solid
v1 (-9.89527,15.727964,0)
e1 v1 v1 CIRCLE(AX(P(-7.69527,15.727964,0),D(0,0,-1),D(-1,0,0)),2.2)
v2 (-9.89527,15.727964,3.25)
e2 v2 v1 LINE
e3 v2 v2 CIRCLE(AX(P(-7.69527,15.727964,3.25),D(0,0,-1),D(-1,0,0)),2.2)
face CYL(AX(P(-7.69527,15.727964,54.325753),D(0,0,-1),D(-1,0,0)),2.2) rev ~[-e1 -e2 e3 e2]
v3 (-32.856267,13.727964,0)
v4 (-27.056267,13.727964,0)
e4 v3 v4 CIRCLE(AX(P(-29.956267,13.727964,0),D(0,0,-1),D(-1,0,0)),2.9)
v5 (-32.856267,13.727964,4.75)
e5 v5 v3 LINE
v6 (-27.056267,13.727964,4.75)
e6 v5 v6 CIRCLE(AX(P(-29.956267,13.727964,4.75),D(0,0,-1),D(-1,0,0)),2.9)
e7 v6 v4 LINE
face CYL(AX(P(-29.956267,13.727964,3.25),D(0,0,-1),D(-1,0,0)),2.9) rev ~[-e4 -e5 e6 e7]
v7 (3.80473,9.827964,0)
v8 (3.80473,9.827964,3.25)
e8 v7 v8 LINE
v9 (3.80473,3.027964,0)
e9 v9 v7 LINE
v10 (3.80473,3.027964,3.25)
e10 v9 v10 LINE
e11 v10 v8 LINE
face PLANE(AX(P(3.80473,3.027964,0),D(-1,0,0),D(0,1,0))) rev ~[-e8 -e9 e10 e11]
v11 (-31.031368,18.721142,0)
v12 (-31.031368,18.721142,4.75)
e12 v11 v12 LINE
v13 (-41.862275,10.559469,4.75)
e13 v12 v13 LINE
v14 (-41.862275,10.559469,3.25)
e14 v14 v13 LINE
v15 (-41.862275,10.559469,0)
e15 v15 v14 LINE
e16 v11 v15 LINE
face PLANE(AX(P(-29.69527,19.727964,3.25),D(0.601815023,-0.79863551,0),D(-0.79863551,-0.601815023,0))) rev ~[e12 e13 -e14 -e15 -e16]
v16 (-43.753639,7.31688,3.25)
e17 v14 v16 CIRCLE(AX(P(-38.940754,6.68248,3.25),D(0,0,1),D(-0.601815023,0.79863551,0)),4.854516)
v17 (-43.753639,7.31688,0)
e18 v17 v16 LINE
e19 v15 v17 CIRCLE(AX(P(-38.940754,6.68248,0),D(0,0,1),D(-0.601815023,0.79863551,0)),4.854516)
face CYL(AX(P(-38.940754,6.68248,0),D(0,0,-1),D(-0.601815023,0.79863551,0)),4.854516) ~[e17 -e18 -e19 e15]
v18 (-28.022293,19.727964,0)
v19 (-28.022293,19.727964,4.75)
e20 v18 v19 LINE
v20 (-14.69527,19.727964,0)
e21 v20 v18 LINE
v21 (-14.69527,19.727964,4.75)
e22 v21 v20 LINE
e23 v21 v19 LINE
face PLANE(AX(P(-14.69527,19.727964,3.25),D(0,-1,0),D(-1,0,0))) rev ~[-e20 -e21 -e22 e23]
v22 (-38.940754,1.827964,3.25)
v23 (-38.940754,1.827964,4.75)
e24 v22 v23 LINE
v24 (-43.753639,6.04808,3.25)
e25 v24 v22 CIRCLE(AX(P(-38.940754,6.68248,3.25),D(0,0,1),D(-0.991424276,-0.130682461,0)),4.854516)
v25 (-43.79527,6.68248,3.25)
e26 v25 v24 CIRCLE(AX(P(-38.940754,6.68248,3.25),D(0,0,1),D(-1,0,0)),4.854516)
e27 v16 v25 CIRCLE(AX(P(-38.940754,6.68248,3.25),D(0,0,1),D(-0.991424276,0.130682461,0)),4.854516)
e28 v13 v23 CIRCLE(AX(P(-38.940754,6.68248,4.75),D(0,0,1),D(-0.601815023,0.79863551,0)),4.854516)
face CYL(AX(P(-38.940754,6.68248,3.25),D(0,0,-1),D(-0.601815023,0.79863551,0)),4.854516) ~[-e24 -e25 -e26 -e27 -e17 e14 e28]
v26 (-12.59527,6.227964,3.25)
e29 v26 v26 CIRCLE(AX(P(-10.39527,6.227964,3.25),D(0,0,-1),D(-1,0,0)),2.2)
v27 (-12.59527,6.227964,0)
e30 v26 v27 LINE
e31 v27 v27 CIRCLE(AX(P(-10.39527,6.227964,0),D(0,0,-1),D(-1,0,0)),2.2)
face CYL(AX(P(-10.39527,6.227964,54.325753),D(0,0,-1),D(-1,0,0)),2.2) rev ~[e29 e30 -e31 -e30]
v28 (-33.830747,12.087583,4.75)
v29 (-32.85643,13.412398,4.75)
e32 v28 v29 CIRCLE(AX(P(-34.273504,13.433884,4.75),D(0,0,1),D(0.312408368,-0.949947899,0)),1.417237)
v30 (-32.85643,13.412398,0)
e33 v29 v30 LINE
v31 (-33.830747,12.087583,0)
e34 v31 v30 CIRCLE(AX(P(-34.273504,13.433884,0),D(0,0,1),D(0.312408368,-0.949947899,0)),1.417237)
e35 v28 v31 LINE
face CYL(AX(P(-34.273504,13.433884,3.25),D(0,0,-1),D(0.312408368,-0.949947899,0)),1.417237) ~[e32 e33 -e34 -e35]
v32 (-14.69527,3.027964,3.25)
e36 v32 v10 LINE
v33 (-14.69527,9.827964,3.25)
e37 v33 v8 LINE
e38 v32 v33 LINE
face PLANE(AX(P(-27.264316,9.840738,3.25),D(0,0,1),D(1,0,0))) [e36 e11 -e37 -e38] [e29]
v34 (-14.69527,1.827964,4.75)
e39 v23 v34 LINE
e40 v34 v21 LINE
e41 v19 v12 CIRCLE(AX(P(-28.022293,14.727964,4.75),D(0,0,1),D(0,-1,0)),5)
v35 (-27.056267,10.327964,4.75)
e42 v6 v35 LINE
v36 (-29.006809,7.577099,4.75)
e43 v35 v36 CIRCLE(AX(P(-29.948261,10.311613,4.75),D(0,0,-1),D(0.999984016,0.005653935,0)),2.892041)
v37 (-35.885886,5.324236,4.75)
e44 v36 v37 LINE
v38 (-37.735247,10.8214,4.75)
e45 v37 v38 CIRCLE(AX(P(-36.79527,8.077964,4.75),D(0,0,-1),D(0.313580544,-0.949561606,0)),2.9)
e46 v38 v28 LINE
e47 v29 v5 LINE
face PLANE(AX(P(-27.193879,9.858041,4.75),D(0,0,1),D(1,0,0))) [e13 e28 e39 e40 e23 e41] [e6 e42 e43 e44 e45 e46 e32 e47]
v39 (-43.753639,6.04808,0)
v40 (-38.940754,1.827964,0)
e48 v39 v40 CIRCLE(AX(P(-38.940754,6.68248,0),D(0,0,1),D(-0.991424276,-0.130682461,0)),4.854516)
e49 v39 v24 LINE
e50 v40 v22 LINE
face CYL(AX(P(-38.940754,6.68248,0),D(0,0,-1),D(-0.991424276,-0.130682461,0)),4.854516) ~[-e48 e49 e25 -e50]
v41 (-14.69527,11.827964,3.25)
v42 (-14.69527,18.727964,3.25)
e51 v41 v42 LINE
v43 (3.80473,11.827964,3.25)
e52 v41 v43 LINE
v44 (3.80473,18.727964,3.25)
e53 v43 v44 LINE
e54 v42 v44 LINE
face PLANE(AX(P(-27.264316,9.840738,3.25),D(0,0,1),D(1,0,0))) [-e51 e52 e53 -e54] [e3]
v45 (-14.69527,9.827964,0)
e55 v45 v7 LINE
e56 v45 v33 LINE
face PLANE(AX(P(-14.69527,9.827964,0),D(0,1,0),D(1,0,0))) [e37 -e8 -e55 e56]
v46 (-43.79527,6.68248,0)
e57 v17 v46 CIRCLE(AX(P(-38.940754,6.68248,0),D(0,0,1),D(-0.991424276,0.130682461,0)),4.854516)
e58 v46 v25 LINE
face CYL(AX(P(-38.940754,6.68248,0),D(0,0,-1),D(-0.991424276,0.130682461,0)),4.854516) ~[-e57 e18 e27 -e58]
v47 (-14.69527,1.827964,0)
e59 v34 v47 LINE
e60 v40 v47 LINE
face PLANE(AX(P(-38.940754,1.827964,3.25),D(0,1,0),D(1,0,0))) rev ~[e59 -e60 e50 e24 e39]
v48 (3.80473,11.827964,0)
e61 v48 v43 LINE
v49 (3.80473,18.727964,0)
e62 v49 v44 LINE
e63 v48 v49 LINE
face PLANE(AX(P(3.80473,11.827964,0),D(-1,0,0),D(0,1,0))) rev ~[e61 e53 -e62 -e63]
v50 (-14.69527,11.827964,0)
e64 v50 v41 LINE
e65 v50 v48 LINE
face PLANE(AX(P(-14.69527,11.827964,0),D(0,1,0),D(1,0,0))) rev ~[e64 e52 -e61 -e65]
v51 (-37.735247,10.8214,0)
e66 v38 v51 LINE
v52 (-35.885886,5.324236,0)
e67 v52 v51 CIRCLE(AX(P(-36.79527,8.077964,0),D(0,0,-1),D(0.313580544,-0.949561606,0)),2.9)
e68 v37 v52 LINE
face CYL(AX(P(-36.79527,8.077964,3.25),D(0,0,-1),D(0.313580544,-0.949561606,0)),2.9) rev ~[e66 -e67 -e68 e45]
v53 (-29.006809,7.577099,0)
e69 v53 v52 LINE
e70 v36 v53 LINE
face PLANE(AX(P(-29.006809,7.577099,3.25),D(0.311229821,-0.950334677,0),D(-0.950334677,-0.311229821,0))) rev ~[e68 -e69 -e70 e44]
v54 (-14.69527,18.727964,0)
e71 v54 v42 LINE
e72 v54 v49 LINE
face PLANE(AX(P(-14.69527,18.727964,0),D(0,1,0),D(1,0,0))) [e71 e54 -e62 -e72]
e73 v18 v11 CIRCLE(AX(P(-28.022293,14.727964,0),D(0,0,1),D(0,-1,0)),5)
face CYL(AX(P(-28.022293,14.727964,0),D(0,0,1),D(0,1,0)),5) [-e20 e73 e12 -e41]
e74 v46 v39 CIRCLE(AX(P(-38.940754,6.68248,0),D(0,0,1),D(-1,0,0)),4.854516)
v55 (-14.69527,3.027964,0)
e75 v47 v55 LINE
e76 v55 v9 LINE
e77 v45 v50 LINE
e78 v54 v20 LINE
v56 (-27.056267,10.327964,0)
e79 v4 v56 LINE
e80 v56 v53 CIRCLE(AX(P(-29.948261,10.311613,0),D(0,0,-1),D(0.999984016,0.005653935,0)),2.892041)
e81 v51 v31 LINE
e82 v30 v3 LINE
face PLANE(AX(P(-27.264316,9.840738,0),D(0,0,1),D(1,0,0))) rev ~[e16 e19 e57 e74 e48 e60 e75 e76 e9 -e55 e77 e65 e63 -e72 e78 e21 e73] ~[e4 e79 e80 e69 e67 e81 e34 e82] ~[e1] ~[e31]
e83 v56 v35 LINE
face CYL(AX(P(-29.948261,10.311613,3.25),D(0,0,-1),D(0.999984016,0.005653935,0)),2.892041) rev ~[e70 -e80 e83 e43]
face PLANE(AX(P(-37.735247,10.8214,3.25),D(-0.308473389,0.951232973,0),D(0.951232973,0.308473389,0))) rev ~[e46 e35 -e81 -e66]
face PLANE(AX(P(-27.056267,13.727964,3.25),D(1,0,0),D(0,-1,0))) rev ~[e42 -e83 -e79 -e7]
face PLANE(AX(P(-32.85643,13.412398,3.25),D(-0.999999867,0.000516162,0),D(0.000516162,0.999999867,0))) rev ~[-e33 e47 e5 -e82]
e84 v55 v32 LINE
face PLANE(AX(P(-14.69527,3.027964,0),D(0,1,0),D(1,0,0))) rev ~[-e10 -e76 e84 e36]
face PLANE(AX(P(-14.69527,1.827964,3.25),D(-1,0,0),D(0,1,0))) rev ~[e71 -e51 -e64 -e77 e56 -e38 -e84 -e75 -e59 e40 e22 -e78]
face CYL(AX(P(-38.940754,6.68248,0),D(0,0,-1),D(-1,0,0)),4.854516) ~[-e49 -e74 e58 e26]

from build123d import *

# Parameters (mm, degrees)
F0_W     = 18.5
F0_H     = 6.9
F0_H_2   = 6.8
F1_DEPTH = 3.25
F3_DEPTH = 1.5
F4_R     = 5
F6_D     = 4.4
F8_D     = 4.4


with BuildPart() as f1:
    # F0 (on Top) → F1 (new body)
    with BuildSketch(Plane.XY):
        with BuildLine():
            Line((-14.6952698517, 19.7279642442), (-29.6952698517, 19.7279642442))
            Line((-29.6952698517, 19.7279642442), (-41.8622746435, 10.5594685057))
            ThreePointArc((-41.8622746435, 10.5594685057), (-43.1340644308, 9.1283890545), (-43.7536388636, 7.3168799651))
            Line((-43.7536388636, 7.3168799651), (-43.7536388636, 6.0480798558))
            ThreePointArc((-43.7536388636, 6.0480798558), (-42.1412711242, 3.0324095441), (-38.9407541854, 1.8279642442))
            Line((-38.9407541854, 1.8279642442), (-14.6952698517, 1.8279642442))
            Line((-14.6952698517, 1.8279642442), (-14.6952698517, 3.0279642442))
            Line((-14.6952698517, 3.0279642442), (-14.6952698517, 9.8279642442))
            Line((-14.6952698517, 9.8279642442), (-14.6952698517, 11.8279642442))
            Line((-14.6952698517, 11.8279642442), (-14.6952698517, 18.7279642442))
            Line((-14.6952698517, 18.7279642442), (-14.6952698517, 19.7279642442))
        make_face()
        with BuildLine():
            ThreePointArc((-35.8858862752, 5.3242355882), (-39.5438948337, 7.153269317), (-37.7352474887, 10.8214004184))
            Line((-37.7352474887, 10.8214004184), (-33.8307472386, 12.0875827919))
            ThreePointArc((-33.8307472386, 12.0875827919), (-33.1317830892, 12.5942209035), (-32.8564297306, 13.4123978931))
            Line((-32.8564297306, 13.4123978931), (-32.8562668471, 13.7279642442))
            ThreePointArc((-32.8562668471, 13.7279642442), (-29.9562668471, 16.6279642442), (-27.0562668471, 13.7279642442))
            Line((-27.0562668471, 13.7279642442), (-27.0562668471, 10.3279642442))
            ThreePointArc((-27.0562668471, 10.3279642442), (-27.5890997188, 8.6388139758), (-29.0068091948, 7.5770986937))
            Line((-29.0068091948, 7.5770986937), (-35.8858862752, 5.3242355882))
        make_face(mode=Mode.SUBTRACT)
        with Locations((-5.4452698517, 15.2779642442)):
            Rectangle(F0_W, F0_H)
        with BuildLine():
            Line((-43.7536388636, 6.0480798558), (-43.7536388636, 7.3168799651))
            ThreePointArc((-43.7536388636, 7.3168799651), (-43.784850924, 7.0003621876), (-43.7952698517, 6.6824799105))
            ThreePointArc((-43.7952698517, 6.6824799105), (-43.784850924, 6.3645976333), (-43.7536388636, 6.0480798558))
        make_face()
        with Locations((-5.4452698517, 6.4279642442)):
            Rectangle(F0_W, F0_H_2)
    extrude(amount=F1_DEPTH)

    # F2 (on face) → F3 (join)
    with BuildSketch(Plane.XY.offset(3.25)):
        with BuildLine():
            Line((-14.6952698517, 18.7279642442), (-14.6952698517, 19.7279642442))
            Line((-14.6952698517, 19.7279642442), (-29.6952698517, 19.7279642442))
            Line((-29.6952698517, 19.7279642442), (-41.8622746435, 10.5594685057))
            ThreePointArc((-41.8622746435, 10.5594685057), (-43.5444062264, 5.142119485), (-38.9407541854, 1.8279642442))
            Line((-38.9407541854, 1.8279642442), (-14.6952698517, 1.8279642442))
            Line((-14.6952698517, 1.8279642442), (-14.6952698517, 3.0279642442))
            Line((-14.6952698517, 3.0279642442), (-14.6952698517, 9.8279642442))
            Line((-14.6952698517, 9.8279642442), (-14.6952698517, 11.8279642442))
            Line((-14.6952698517, 11.8279642442), (-14.6952698517, 18.7279642442))
        make_face()
        with BuildLine():
            ThreePointArc((-27.0562668471, 10.3279642442), (-27.5890997188, 8.6388139758), (-29.0068091948, 7.5770986937))
            Line((-29.0068091948, 7.5770986937), (-35.8858862752, 5.3242355882))
            ThreePointArc((-35.8858862752, 5.3242355882), (-39.5438948337, 7.153269317), (-37.7352474887, 10.8214004184))
            Line((-37.7352474887, 10.8214004184), (-33.8307472386, 12.0875827919))
            ThreePointArc((-33.8307472386, 12.0875827919), (-33.1317830892, 12.5942209035), (-32.8564297306, 13.4123978931))
            Line((-32.8564297306, 13.4123978931), (-32.8562668471, 13.7279642442))
            ThreePointArc((-32.8562668471, 13.7279642442), (-29.9562668471, 16.6279642442), (-27.0562668471, 13.7279642442))
            Line((-27.0562668471, 13.7279642442), (-27.0562668471, 10.3279642442))
        make_face(mode=Mode.SUBTRACT)
    extrude(amount=F3_DEPTH)

    # F4
    f4_edges = [f1.edges().sort_by_distance(p)[0] for p in [
        (-29.69527, 19.727964, 2.375),
    ]]
    fillet(f4_edges, radius=F4_R)

    # F6 (through all)
    with Locations(Plane.XY.offset(3.25)):
        with Locations((-7.6952698517, 15.7279642442)):
            Hole(F6_D / 2)

    # F8 (through all)
    with Locations(Plane.XY.offset(3.25)):
        with Locations((-10.3952698517, 6.2279642442)):
            Hole(F8_D / 2)


solid = f1.part
